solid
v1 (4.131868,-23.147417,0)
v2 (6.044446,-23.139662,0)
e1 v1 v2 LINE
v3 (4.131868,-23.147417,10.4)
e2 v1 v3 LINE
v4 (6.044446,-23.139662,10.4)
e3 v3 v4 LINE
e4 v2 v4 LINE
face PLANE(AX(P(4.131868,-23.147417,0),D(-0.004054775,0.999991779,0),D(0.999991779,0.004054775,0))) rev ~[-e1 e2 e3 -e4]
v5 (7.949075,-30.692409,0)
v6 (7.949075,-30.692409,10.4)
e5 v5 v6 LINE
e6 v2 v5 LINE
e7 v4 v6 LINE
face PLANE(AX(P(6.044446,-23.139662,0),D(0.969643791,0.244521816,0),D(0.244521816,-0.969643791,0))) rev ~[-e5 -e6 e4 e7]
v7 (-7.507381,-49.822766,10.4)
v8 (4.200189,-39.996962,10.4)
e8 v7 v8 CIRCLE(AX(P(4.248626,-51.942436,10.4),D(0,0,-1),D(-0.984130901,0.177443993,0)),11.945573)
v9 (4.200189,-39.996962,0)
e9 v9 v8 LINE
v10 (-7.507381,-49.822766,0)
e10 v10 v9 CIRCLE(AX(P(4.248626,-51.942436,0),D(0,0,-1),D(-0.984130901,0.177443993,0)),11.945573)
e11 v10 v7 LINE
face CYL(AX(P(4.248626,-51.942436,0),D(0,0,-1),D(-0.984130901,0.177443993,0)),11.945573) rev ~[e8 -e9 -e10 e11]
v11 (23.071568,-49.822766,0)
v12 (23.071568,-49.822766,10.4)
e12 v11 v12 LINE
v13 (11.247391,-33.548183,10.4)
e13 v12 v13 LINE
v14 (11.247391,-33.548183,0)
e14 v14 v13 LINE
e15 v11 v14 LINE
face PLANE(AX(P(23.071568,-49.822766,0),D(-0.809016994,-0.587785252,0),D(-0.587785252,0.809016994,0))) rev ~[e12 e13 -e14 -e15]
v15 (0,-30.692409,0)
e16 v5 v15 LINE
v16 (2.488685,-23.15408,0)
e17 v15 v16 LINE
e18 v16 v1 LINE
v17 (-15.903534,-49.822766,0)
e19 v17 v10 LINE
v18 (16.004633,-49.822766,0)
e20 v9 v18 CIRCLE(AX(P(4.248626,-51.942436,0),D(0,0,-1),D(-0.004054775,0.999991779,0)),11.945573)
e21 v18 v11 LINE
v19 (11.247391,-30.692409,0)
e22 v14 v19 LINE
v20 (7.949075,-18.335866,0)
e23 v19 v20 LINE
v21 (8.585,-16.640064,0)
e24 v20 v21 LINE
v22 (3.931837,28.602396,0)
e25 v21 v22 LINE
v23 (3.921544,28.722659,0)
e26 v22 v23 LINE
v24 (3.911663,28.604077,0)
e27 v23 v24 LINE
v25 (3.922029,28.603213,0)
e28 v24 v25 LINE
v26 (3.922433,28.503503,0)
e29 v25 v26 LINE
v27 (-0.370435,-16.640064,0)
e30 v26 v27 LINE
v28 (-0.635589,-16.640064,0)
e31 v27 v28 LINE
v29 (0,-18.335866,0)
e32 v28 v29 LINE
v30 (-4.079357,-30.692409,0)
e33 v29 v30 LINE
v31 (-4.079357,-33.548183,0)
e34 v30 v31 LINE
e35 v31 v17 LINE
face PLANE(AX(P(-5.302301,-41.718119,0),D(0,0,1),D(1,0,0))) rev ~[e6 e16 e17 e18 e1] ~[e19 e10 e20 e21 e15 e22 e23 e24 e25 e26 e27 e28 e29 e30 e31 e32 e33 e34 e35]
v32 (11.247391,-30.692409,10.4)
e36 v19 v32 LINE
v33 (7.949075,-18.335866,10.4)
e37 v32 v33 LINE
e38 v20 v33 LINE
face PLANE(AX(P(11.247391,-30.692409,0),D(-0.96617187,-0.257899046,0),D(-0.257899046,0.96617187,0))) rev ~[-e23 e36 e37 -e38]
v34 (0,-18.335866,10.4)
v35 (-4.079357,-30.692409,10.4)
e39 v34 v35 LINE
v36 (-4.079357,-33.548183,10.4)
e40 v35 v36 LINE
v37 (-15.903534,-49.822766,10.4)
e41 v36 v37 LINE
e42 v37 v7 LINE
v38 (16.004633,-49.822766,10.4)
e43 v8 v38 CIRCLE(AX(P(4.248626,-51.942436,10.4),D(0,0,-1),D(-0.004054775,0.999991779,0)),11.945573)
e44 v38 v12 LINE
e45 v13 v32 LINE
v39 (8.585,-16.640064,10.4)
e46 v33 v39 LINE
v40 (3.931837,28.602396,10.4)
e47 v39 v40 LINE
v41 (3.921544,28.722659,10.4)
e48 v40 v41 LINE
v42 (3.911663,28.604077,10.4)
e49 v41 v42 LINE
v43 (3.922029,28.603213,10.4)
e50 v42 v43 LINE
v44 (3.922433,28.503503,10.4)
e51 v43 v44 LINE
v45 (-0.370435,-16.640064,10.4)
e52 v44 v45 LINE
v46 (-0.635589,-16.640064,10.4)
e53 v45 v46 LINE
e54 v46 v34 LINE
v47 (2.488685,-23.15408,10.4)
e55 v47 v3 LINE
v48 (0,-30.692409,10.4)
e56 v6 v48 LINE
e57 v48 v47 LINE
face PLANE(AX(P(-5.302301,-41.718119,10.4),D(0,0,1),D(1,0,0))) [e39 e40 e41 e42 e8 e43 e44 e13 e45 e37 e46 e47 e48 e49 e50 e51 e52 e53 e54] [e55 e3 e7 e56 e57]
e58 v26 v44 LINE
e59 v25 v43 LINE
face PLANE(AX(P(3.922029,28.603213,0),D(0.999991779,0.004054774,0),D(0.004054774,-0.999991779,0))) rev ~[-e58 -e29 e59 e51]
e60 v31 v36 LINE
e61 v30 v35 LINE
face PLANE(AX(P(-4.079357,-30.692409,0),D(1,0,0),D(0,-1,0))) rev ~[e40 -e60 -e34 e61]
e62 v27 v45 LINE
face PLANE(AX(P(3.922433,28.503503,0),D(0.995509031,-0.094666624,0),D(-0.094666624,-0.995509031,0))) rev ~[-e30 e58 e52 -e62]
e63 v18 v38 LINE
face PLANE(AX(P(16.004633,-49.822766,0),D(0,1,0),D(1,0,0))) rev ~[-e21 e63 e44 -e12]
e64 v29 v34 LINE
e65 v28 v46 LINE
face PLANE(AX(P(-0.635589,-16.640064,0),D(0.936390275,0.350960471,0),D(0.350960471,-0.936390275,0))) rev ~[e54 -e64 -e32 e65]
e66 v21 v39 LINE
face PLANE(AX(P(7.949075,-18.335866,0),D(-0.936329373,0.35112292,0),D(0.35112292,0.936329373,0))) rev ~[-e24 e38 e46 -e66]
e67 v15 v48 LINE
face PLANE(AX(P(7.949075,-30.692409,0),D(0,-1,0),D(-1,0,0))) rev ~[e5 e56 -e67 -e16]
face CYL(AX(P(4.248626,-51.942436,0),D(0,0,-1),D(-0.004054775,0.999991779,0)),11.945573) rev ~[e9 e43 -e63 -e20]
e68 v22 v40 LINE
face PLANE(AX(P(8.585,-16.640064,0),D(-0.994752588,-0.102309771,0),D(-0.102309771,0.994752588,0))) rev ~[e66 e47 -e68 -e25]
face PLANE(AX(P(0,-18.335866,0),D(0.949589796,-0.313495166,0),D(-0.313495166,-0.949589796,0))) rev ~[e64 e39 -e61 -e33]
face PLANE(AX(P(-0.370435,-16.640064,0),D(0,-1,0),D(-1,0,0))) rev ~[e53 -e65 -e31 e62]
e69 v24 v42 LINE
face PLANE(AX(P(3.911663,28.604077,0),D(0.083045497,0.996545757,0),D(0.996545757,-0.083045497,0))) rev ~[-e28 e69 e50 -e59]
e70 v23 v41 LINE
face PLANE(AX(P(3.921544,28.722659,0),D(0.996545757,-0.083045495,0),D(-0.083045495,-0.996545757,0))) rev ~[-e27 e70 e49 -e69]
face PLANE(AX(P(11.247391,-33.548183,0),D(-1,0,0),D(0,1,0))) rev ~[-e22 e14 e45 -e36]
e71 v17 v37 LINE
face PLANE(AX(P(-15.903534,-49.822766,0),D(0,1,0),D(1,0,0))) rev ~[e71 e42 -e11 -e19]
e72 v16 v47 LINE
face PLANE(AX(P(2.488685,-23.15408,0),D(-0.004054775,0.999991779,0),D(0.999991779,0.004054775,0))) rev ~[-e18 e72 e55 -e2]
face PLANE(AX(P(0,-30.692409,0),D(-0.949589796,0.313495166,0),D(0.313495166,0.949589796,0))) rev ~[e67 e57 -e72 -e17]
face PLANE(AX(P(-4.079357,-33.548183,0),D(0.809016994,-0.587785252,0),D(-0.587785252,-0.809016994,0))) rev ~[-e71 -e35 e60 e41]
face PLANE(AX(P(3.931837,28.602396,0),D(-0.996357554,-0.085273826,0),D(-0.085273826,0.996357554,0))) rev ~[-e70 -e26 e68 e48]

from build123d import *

# Parameters (mm, degrees)
F1_DEPTH = 10.4


with BuildPart() as f1:
    # F0 (on Top) → F1 (new body)
    with BuildSketch(Plane.XY):
        with BuildLine():
            Line((-4.079357492, -33.54818349), (-15.9035338954, -49.8227661161))
            Line((-15.9035338954, -49.8227661161), (-7.5073811521, -49.8227661161))
            ThreePointArc((-7.5073811521, -49.8227661161), (-3.4307509908, -42.7923611226), (4.2001893571, -39.9969618219))
            Line((4.2001893571, -39.9969618219), (4.1740407989, -33.54818349))
            Line((4.1740407989, -33.54818349), (-4.079357492, -33.54818349))
        make_face()
        Polygon((-4.079357492, -30.6924086619), (-4.079357492, -33.54818349), (4.1740407989, -33.54818349), (4.1624611802, -30.6924086619), (0, -30.6924086619), align=None)
        with BuildLine():
            Line((4.1740407989, -33.54818349), (4.2001893571, -39.9969618219))
            ThreePointArc((4.2001893571, -39.9969618219), (11.8908382938, -42.7612981986), (16.0046330774, -49.8227661161))
            Line((16.0046330774, -49.8227661161), (23.0715677593, -49.8227661161))
            Line((23.0715677593, -49.8227661161), (11.2473913559, -33.54818349))
            Line((11.2473913559, -33.54818349), (4.1740407989, -33.54818349))
        make_face()
        Polygon((4.1624611802, -30.6924086619), (4.1740407989, -33.54818349), (11.2473913559, -33.54818349), (11.2473913559, -30.6924086619), (7.9490750323, -30.6924086619), align=None)
        Polygon((0, -18.3358664652), (-4.079357492, -30.6924086619), (0, -30.6924086619), (2.4886846611, -23.1540801165), (4.1318676887, -23.1474173248), (4.1123577736, -18.3358664652), align=None)
        Polygon((-0.6355894134, -16.6400636767), (0, -18.3358664652), (4.1123577736, -18.3358664652), (4.1054816189, -16.6400636767), (0, -16.6400636767), (-0.3704350369, -16.6400636767), align=None)
        Polygon((7.9490750323, -30.6924086619), (11.2473913559, -30.6924086619), (7.9490750323, -18.3358664652), (4.1123577736, -18.3358664652), (4.1318676887, -23.1474173248), (6.0444464418, -23.1396621851), align=None)
        Polygon((4.1054816189, -16.6400636767), (4.1123577736, -18.3358664652), (7.9490750323, -18.3358664652), (8.585, -16.6400636767), align=None)
        Polygon((0, -16.6400636767), (4.1054816189, -16.6400636767), (3.9224692179, 28.494601009), (3.9224331227, 28.5035028206), (-0.3704350369, -16.6400636767), align=None)
        Polygon((3.9224692179, 28.494601009), (4.1054816189, -16.6400636767), (8.585, -16.6400636767), (3.931837242, 28.6023960235), align=None)
        Polygon((3.9224331227, 28.5035028206), (3.9224692179, 28.494601009), (3.931837242, 28.6023960235), align=None)
        Polygon((3.9220288155, 28.6032133925), (3.9224331227, 28.5035028206), (3.931837242, 28.6023960235), align=None)
        Polygon((3.9220288155, 28.6032133925), (3.931837242, 28.6023960235), (3.9215444875, 28.7226587606), align=None)
        Polygon((3.911662692, 28.6040772363), (3.9220288155, 28.6032133925), (3.9215444875, 28.7226587606), align=None)
    extrude(amount=F1_DEPTH)


solid = f1.part
